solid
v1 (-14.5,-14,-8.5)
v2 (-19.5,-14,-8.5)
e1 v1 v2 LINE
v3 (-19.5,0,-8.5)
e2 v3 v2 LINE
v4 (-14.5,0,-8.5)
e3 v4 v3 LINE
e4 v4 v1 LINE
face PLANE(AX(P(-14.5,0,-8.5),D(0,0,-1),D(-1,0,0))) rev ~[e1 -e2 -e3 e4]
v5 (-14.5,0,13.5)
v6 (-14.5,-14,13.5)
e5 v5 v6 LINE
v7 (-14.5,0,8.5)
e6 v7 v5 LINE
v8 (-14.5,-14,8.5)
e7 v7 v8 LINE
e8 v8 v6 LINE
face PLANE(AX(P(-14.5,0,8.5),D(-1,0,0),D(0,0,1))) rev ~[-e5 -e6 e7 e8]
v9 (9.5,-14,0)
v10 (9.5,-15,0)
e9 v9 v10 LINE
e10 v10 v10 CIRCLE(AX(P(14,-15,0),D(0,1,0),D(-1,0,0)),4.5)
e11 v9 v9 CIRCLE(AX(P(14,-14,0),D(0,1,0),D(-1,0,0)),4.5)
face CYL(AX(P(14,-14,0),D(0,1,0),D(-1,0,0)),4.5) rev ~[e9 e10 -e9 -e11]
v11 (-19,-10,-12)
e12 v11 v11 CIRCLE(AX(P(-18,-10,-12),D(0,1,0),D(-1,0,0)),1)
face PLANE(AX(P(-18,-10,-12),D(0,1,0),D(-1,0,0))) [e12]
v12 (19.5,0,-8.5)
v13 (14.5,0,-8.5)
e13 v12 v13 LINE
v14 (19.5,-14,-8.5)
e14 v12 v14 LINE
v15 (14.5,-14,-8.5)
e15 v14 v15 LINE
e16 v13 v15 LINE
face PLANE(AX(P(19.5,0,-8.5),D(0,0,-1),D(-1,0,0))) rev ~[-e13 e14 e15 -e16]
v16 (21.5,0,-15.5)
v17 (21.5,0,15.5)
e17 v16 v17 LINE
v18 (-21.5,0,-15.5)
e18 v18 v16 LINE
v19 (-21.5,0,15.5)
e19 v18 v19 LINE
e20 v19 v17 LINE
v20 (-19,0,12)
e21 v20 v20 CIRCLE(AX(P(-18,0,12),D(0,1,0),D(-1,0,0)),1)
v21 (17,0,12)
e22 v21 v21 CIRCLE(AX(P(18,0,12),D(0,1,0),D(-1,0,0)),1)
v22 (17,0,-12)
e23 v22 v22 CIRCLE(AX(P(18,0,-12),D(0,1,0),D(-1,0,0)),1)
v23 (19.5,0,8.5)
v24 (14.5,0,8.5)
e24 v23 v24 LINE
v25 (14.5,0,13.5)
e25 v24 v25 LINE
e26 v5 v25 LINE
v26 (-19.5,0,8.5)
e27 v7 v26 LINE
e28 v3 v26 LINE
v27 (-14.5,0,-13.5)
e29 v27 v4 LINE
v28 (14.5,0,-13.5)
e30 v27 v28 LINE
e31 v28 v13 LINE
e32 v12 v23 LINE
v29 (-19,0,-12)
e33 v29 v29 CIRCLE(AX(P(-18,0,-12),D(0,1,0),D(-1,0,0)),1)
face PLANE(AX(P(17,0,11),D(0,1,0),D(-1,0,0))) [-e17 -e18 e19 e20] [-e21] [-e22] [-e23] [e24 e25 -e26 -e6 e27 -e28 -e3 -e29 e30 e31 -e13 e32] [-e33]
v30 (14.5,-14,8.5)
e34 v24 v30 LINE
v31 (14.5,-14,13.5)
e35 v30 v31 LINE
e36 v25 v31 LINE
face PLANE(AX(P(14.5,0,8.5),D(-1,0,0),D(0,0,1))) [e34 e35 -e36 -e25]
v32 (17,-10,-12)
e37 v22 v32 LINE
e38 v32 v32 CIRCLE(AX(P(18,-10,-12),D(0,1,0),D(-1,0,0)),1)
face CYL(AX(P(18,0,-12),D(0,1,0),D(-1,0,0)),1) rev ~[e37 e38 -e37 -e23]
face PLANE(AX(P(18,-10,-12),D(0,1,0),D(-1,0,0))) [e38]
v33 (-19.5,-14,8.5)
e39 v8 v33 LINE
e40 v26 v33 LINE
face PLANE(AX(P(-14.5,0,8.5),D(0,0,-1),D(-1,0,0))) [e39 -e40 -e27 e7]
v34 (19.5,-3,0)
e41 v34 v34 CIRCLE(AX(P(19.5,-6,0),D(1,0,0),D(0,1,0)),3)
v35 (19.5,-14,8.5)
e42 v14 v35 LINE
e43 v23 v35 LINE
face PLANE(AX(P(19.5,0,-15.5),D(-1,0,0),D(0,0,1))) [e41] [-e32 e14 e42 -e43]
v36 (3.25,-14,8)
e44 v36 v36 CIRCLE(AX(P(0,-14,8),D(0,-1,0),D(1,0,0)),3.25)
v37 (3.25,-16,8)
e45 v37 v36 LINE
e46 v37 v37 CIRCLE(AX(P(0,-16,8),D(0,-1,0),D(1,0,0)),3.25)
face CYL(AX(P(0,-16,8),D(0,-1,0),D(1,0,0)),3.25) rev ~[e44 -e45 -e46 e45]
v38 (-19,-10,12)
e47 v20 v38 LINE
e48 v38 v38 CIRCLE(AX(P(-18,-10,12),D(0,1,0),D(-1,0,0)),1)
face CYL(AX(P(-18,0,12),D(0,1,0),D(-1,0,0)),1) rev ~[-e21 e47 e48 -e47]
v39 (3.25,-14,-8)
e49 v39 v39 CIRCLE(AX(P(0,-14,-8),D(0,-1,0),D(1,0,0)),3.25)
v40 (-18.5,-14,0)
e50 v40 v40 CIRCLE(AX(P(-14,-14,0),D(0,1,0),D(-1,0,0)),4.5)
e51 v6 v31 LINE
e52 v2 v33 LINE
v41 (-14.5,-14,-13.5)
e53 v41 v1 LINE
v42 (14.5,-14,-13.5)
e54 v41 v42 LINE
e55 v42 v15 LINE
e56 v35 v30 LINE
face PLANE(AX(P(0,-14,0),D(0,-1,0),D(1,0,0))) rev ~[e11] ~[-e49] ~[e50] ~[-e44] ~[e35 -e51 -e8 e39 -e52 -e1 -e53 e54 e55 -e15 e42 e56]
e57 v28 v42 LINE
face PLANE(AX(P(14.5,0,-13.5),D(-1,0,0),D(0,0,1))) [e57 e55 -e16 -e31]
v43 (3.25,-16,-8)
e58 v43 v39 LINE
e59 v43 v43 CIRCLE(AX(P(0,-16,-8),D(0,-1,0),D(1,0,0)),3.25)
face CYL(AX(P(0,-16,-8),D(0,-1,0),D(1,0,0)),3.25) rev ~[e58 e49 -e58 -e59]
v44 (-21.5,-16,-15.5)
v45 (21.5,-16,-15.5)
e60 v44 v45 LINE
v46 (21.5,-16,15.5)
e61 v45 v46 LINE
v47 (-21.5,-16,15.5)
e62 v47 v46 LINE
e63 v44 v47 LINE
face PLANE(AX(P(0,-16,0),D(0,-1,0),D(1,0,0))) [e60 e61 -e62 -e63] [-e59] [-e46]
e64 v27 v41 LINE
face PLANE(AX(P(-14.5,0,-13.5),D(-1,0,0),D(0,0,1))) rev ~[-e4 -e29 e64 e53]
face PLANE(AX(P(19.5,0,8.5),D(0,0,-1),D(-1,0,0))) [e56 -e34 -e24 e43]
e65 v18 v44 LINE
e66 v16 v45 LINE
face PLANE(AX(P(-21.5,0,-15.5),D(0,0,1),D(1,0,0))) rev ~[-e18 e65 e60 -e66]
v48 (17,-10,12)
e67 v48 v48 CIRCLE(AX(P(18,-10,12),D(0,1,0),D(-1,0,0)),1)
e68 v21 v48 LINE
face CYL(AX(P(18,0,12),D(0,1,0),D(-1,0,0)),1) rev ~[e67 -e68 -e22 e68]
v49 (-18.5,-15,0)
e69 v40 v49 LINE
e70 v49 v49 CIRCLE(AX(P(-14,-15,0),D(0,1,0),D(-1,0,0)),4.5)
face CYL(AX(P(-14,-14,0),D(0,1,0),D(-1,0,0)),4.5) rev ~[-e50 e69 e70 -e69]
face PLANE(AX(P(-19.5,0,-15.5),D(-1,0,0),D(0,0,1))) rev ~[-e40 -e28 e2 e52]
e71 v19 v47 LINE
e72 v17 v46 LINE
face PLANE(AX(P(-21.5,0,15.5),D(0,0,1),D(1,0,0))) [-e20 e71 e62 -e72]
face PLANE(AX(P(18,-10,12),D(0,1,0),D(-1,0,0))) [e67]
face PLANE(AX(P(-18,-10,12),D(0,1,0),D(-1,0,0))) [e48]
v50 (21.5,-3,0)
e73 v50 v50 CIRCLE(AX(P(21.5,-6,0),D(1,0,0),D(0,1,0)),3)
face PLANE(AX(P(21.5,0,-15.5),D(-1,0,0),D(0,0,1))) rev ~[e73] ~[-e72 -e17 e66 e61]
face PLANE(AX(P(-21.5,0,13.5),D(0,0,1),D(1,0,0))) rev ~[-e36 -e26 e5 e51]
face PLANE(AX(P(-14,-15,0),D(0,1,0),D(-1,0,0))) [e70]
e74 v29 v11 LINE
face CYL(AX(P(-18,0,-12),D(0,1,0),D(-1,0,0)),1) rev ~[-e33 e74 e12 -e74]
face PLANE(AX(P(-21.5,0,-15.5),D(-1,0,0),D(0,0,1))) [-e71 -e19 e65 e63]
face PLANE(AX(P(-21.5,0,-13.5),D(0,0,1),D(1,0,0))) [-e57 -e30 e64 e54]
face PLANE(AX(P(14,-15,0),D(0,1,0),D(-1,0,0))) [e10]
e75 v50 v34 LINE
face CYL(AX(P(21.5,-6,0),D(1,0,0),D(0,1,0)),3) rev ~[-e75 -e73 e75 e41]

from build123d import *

# Parameters (mm, degrees)
F0_W      = 43
F0_H      = 31
F1_DEPTH  = 16
F2_T      = -2
F3_R      = 3.25
F4_DEPTH  = 16.001
F5_R      = 3
F6_DEPTH  = 7.6
F7_W      = 5
F7_H      = 5
F8_DEPTH  = 14
F9_W      = 5
F9_H      = 5
F10_DEPTH = 14
F12_R     = 1
F13_DEPTH = 10
F14_R     = 4.5
F15_DEPTH = 1


with BuildPart() as f1:
    # F0 (on Front) → F1 (new body)
    with BuildSketch(Plane.XZ):
        Rectangle(F0_W, F0_H)
    extrude(amount=F1_DEPTH)

    # F2
    f2_openings = [f1.faces().sort_by_distance(p)[0] for p in [
        (0, 0, 0),
    ]]
    offset(amount=F2_T, openings=f2_openings)

    # F3 (on face) → F4 (cut, through all)
    with BuildSketch(Plane.XZ.offset(16)):
        with Locations((0, 8)):
            Circle(F3_R)
        with Locations((0, -8)):
            Circle(F3_R)
    extrude(amount=-F4_DEPTH, mode=Mode.SUBTRACT)

    # F5 (on face) → F6 (cut)
    with BuildSketch(Plane.YZ.offset(21.5)):
        with Locations((-6, 0)):
            Circle(F5_R)
    extrude(amount=-F6_DEPTH, mode=Mode.SUBTRACT)

    # F7 (on face) → F8 (join, through all)
    with BuildSketch(Plane(origin=(0, 0, 0), x_dir=(-1, 0, 0), z_dir=(0, 1, 0))):
        with Locations((17, 11)):
            Rectangle(F7_W, F7_H)
    extrude(amount=-F8_DEPTH)


with BuildPart() as f10:
    # F9 (on face) → F10 (new body, through all)
    with BuildSketch(Plane(origin=(0, 0, 0), x_dir=(-1, 0, 0), z_dir=(0, 1, 0))):
        with Locations((17, -11)):
            Rectangle(F9_W, F9_H)
        with Locations((-17, -11)):
            Rectangle(F9_W, F9_H)
        with Locations((-17, 11)):
            Rectangle(F9_W, F9_H)
    extrude(amount=-F10_DEPTH)


with BuildPart() as f1_1:
    add(f1.part)

    # F11: union F10
    add(f10.part)

    # F12 (on face) → F13 (cut)
    with BuildSketch(Plane(origin=(0, 0, 0), x_dir=(-1, 0, 0), z_dir=(0, 1, 0))):
        with Locations((18, 12)):
            Circle(F12_R)
        with Locations((18, -12)):
            Circle(F12_R)
        with Locations((-18, 12)):
            Circle(F12_R)
        with Locations((-18, -12)):
            Circle(F12_R)
    extrude(amount=-F13_DEPTH, mode=Mode.SUBTRACT)

    # F14 (on face) → F15 (cut)
    with BuildSketch(Plane(origin=(0, -14, 0), x_dir=(-1, 0, 0), z_dir=(0, 1, 0))):
        with Locations((-14, 0)):
            Circle(F14_R)
        with Locations((14, 0)):
            Circle(F14_R)
    extrude(amount=-F15_DEPTH, mode=Mode.SUBTRACT)


solid = f1_1.part
